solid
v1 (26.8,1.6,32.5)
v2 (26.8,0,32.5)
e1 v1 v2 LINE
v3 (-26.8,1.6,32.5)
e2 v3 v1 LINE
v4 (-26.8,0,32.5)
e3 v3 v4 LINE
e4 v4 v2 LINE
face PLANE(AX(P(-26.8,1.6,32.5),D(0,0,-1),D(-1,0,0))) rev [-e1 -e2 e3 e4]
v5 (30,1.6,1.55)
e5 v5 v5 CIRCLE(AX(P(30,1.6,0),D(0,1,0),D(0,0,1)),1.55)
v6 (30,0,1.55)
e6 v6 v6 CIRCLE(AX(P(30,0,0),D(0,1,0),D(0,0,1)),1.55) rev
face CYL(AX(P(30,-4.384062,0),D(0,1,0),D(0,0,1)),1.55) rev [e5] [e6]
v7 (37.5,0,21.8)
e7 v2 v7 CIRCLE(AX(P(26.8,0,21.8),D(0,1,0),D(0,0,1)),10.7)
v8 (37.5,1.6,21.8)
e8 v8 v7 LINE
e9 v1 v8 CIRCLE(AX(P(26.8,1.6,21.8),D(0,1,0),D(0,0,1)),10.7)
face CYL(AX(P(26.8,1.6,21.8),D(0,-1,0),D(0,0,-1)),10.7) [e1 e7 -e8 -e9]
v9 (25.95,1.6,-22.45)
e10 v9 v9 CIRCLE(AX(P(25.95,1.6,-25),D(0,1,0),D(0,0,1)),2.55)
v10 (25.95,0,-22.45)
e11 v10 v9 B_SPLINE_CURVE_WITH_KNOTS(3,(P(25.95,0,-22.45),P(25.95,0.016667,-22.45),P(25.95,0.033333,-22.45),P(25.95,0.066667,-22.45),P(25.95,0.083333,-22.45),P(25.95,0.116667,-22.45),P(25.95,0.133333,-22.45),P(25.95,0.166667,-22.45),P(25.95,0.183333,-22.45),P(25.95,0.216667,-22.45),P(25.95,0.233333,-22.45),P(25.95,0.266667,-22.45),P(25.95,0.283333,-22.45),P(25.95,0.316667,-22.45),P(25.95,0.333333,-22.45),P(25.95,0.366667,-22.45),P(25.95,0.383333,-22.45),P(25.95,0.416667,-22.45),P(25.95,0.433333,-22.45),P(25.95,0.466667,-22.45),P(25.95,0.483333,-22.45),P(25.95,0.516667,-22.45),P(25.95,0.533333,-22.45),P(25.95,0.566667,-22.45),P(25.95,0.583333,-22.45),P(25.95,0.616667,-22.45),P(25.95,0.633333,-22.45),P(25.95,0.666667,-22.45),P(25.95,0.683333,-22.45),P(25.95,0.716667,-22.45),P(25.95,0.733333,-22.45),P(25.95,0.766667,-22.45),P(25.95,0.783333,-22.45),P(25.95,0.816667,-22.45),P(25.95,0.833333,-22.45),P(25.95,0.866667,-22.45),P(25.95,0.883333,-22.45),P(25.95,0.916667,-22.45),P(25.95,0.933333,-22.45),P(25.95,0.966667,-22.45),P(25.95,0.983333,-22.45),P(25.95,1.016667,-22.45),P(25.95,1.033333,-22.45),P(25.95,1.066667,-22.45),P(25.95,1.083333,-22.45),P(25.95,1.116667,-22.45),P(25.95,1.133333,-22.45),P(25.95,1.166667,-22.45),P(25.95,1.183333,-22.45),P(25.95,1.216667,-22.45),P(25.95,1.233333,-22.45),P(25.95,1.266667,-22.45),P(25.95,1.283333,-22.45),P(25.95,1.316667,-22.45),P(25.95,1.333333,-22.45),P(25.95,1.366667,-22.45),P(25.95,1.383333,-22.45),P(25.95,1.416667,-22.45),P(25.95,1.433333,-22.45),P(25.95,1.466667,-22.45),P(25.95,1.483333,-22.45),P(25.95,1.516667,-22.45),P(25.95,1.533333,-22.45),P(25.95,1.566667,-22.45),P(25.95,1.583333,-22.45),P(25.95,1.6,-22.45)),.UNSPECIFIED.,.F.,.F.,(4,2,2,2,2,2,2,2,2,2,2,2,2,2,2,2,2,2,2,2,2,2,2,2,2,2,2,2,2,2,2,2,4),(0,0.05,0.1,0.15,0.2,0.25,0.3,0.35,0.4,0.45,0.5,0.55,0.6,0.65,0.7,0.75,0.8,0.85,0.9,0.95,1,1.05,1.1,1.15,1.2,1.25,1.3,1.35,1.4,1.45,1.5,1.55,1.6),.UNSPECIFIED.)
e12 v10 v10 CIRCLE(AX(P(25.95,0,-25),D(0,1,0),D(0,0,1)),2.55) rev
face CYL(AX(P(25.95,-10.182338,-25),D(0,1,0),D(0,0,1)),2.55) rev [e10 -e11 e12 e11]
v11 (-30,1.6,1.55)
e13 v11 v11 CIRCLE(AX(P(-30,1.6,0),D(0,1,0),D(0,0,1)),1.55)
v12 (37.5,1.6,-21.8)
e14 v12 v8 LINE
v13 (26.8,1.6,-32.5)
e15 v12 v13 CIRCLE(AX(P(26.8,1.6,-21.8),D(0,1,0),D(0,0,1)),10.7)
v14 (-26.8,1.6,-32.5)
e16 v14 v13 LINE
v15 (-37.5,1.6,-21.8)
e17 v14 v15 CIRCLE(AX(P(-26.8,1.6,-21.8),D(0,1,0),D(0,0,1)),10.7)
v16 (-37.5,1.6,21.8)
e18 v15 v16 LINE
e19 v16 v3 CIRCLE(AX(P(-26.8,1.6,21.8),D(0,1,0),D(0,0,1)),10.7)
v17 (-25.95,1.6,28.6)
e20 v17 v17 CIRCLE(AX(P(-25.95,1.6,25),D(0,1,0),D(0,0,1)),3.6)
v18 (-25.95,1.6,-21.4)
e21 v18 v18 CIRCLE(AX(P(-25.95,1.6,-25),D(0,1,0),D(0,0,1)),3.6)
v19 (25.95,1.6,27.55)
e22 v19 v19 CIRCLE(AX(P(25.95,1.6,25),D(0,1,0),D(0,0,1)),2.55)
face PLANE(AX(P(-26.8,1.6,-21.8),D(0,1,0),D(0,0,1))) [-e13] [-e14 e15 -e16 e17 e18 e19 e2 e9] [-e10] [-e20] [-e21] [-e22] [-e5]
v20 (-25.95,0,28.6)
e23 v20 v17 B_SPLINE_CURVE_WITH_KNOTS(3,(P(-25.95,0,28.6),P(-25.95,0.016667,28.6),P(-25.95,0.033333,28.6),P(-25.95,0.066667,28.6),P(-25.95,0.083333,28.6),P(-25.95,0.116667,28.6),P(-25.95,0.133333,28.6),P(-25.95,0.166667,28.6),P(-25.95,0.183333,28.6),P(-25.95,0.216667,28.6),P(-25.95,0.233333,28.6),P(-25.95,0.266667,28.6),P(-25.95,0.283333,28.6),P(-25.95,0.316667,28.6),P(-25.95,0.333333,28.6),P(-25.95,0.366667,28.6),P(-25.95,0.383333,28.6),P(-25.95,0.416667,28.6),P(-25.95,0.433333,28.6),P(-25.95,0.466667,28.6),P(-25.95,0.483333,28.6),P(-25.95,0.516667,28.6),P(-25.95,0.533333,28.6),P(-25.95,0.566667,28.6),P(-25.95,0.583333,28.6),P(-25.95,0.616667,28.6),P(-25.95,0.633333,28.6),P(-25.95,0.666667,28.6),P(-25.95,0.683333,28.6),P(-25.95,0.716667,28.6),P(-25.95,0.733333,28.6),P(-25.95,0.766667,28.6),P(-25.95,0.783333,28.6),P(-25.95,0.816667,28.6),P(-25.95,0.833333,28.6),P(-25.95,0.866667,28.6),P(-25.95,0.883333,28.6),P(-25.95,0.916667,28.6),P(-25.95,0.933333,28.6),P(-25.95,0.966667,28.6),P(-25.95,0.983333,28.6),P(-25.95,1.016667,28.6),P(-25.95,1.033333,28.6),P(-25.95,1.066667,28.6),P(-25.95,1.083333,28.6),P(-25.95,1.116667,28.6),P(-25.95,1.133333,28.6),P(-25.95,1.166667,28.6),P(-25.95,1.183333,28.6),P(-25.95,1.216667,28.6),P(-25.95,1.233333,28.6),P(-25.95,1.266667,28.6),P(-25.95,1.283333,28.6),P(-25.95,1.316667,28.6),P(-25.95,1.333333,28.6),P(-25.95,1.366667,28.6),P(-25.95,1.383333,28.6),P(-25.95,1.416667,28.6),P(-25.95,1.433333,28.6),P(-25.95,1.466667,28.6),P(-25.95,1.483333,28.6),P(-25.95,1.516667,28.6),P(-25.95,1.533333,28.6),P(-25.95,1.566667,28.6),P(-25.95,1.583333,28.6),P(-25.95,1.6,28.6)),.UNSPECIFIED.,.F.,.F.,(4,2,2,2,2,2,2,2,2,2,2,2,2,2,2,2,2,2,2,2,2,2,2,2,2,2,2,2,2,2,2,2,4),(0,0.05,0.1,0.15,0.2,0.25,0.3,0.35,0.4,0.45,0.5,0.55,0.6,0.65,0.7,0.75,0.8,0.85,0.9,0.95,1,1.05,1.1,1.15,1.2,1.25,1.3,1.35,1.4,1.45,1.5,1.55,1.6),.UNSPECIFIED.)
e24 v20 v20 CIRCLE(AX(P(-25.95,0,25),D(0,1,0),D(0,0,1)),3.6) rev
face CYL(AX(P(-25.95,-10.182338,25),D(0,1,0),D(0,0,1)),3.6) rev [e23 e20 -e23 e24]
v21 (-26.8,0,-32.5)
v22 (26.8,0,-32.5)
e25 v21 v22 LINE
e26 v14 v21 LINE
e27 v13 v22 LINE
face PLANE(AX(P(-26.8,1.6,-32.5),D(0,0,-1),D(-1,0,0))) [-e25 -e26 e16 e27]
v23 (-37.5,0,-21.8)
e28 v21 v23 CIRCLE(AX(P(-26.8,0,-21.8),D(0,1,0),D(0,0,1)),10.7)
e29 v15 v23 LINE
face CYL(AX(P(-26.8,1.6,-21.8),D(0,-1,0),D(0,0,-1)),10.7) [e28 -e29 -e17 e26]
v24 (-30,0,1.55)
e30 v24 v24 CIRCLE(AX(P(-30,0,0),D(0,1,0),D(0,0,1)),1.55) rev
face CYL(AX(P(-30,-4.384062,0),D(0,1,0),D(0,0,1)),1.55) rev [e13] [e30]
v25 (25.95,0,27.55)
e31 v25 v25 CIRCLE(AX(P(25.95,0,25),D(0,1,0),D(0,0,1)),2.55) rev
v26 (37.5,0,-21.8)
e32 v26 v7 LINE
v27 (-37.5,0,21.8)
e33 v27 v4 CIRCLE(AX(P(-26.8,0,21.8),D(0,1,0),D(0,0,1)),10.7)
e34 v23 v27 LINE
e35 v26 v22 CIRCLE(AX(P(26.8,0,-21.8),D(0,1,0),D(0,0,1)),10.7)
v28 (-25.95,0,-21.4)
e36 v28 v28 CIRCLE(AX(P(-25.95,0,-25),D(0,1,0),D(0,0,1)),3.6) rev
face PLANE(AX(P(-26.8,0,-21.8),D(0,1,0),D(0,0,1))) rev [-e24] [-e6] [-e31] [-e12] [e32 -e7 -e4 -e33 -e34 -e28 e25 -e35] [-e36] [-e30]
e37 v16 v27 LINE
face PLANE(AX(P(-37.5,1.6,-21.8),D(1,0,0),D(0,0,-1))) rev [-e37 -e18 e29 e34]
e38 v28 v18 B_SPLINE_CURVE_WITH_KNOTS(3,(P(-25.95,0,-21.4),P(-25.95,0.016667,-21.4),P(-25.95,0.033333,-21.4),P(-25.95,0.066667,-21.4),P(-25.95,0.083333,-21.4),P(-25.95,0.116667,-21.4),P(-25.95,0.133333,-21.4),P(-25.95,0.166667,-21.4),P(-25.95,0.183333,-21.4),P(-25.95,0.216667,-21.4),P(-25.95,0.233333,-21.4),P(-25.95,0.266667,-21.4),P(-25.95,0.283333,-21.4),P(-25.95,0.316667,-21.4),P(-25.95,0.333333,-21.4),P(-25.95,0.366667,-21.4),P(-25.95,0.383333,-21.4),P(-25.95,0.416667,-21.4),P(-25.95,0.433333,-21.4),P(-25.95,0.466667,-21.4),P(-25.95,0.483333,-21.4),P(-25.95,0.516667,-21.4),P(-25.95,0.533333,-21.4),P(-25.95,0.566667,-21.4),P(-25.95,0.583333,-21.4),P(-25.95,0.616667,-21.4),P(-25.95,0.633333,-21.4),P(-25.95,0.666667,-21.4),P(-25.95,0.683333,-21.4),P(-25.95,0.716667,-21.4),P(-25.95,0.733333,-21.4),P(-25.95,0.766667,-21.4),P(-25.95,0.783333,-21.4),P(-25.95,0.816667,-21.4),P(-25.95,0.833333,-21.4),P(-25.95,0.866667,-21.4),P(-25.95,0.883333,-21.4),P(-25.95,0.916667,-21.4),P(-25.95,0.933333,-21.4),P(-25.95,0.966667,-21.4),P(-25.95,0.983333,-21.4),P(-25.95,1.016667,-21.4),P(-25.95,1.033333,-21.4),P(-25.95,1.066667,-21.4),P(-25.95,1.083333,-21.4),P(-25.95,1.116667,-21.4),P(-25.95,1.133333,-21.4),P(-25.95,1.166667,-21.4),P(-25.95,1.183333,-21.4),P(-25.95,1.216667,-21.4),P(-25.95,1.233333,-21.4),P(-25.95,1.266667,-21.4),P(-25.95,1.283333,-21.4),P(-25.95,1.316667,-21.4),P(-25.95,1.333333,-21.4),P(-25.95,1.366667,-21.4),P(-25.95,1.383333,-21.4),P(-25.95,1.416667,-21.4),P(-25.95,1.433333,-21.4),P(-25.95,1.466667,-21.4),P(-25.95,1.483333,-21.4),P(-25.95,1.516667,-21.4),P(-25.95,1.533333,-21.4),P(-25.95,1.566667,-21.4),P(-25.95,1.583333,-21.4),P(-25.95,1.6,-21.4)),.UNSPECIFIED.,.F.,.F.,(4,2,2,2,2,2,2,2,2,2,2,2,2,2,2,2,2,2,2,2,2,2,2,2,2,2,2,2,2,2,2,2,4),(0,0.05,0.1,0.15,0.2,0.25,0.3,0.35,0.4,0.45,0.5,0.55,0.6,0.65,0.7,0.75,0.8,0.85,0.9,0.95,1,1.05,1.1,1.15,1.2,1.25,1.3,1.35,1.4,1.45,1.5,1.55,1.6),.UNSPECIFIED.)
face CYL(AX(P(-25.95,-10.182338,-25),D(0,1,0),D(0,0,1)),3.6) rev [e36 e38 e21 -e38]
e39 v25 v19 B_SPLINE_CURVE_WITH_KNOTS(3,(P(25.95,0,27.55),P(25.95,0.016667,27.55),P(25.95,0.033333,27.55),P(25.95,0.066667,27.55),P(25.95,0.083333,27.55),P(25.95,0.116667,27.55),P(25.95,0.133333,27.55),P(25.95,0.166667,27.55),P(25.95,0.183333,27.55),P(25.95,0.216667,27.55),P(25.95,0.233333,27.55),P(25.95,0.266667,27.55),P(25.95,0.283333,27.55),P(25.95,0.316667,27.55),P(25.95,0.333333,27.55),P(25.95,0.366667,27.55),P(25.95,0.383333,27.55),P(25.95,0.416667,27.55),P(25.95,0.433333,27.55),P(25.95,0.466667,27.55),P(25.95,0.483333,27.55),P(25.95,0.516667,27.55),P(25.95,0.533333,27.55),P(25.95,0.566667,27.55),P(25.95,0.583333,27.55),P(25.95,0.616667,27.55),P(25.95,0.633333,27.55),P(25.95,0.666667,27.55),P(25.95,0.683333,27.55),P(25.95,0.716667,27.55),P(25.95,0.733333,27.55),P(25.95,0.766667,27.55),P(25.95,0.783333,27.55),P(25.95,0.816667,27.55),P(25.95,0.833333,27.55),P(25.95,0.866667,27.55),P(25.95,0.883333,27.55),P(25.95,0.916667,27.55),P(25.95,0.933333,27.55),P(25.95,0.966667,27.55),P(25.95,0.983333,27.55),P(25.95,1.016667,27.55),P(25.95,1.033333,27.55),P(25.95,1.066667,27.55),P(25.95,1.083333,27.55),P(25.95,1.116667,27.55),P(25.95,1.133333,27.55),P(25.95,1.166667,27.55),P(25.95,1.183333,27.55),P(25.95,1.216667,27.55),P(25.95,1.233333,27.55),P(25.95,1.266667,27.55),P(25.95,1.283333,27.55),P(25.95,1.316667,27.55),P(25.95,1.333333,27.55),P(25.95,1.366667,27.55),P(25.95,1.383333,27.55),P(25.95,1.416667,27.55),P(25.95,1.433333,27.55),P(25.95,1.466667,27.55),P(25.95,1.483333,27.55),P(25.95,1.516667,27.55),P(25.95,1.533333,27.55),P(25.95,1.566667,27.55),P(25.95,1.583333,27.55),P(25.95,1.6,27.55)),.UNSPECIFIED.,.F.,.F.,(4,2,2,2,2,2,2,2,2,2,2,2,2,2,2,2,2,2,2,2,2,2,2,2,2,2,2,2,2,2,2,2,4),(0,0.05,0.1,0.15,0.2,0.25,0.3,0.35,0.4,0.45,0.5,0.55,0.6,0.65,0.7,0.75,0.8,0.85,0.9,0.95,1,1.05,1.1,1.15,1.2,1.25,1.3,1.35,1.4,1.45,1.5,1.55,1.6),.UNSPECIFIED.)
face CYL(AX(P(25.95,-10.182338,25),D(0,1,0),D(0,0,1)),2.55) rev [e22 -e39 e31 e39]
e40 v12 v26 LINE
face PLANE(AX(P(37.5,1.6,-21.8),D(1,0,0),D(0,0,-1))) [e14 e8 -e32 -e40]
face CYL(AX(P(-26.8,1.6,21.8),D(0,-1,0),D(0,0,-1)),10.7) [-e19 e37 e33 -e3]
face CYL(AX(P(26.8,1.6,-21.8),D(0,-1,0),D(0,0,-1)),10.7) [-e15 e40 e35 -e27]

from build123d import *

# Parameters (mm, degrees)
BOSS_EXTRUDE1_DEPTH = 1.6
SKETCH2_R           = 2.55
SKETCH2_R_2         = 3.6
CUT_EXTRUDE1_DEPTH  = 1.6
SKETCH3_R           = 1.55
CUT_EXTRUDE2_DEPTH  = 1.6


with BuildPart() as part:
    # Sketch1 → Boss-Extrude1 (new body)
    with BuildSketch(Plane(origin=(0, 0, 0), x_dir=(1, 0, 0), z_dir=(0, 1, 0))):
        with BuildLine():
            Line((-26.8, 32.5), (26.8, 32.5))
            ThreePointArc((26.8, 32.5), (34.366042559, 29.366042559), (37.5, 21.8))
            Line((37.5, 21.8), (37.5, -21.8))
            ThreePointArc((37.5, -21.8), (34.366042559, -29.366042559), (26.8, -32.5))
            Line((26.8, -32.5), (-26.8, -32.5))
            ThreePointArc((-26.8, -32.5), (-34.366042559, -29.366042559), (-37.5, -21.8))
            Line((-37.5, -21.8), (-37.5, 21.8))
            ThreePointArc((-37.5, 21.8), (-34.366042559, 29.366042559), (-26.8, 32.5))
        make_face()
    extrude(amount=BOSS_EXTRUDE1_DEPTH)

    # Sketch2 → Cut-Extrude1 (cut)
    with BuildSketch(Plane(origin=(0, 1.6, 0), x_dir=(1, 0, 0), z_dir=(0, 1, 0))):
        with Locations(Location((25.95, 25, 0), (0, 0, 270))):
            Circle(SKETCH2_R)
        with Locations(Location((25.95, -25, 0), (0, 0, 270))):
            Circle(SKETCH2_R)
        with Locations(Location((-25.95, -25, 0), (0, 0, 270))):
            Circle(SKETCH2_R_2)
        with Locations(Location((-25.95, 25, 0), (0, 0, 270))):
            Circle(SKETCH2_R_2)
    extrude(amount=-CUT_EXTRUDE1_DEPTH, mode=Mode.SUBTRACT)

    # Sketch3 → Cut-Extrude2 (cut)
    with BuildSketch(Plane(origin=(0, 1.6, 0), x_dir=(1, 0, 0), z_dir=(0, 1, 0))):
        with Locations(Location((-30, 0, 0), (0, 0, 270))):
            Circle(SKETCH3_R)
        with Locations(Location((30, 0, 0), (0, 0, 270))):
            Circle(SKETCH3_R)
    extrude(amount=-CUT_EXTRUDE2_DEPTH, mode=Mode.SUBTRACT)


solid = part.part
